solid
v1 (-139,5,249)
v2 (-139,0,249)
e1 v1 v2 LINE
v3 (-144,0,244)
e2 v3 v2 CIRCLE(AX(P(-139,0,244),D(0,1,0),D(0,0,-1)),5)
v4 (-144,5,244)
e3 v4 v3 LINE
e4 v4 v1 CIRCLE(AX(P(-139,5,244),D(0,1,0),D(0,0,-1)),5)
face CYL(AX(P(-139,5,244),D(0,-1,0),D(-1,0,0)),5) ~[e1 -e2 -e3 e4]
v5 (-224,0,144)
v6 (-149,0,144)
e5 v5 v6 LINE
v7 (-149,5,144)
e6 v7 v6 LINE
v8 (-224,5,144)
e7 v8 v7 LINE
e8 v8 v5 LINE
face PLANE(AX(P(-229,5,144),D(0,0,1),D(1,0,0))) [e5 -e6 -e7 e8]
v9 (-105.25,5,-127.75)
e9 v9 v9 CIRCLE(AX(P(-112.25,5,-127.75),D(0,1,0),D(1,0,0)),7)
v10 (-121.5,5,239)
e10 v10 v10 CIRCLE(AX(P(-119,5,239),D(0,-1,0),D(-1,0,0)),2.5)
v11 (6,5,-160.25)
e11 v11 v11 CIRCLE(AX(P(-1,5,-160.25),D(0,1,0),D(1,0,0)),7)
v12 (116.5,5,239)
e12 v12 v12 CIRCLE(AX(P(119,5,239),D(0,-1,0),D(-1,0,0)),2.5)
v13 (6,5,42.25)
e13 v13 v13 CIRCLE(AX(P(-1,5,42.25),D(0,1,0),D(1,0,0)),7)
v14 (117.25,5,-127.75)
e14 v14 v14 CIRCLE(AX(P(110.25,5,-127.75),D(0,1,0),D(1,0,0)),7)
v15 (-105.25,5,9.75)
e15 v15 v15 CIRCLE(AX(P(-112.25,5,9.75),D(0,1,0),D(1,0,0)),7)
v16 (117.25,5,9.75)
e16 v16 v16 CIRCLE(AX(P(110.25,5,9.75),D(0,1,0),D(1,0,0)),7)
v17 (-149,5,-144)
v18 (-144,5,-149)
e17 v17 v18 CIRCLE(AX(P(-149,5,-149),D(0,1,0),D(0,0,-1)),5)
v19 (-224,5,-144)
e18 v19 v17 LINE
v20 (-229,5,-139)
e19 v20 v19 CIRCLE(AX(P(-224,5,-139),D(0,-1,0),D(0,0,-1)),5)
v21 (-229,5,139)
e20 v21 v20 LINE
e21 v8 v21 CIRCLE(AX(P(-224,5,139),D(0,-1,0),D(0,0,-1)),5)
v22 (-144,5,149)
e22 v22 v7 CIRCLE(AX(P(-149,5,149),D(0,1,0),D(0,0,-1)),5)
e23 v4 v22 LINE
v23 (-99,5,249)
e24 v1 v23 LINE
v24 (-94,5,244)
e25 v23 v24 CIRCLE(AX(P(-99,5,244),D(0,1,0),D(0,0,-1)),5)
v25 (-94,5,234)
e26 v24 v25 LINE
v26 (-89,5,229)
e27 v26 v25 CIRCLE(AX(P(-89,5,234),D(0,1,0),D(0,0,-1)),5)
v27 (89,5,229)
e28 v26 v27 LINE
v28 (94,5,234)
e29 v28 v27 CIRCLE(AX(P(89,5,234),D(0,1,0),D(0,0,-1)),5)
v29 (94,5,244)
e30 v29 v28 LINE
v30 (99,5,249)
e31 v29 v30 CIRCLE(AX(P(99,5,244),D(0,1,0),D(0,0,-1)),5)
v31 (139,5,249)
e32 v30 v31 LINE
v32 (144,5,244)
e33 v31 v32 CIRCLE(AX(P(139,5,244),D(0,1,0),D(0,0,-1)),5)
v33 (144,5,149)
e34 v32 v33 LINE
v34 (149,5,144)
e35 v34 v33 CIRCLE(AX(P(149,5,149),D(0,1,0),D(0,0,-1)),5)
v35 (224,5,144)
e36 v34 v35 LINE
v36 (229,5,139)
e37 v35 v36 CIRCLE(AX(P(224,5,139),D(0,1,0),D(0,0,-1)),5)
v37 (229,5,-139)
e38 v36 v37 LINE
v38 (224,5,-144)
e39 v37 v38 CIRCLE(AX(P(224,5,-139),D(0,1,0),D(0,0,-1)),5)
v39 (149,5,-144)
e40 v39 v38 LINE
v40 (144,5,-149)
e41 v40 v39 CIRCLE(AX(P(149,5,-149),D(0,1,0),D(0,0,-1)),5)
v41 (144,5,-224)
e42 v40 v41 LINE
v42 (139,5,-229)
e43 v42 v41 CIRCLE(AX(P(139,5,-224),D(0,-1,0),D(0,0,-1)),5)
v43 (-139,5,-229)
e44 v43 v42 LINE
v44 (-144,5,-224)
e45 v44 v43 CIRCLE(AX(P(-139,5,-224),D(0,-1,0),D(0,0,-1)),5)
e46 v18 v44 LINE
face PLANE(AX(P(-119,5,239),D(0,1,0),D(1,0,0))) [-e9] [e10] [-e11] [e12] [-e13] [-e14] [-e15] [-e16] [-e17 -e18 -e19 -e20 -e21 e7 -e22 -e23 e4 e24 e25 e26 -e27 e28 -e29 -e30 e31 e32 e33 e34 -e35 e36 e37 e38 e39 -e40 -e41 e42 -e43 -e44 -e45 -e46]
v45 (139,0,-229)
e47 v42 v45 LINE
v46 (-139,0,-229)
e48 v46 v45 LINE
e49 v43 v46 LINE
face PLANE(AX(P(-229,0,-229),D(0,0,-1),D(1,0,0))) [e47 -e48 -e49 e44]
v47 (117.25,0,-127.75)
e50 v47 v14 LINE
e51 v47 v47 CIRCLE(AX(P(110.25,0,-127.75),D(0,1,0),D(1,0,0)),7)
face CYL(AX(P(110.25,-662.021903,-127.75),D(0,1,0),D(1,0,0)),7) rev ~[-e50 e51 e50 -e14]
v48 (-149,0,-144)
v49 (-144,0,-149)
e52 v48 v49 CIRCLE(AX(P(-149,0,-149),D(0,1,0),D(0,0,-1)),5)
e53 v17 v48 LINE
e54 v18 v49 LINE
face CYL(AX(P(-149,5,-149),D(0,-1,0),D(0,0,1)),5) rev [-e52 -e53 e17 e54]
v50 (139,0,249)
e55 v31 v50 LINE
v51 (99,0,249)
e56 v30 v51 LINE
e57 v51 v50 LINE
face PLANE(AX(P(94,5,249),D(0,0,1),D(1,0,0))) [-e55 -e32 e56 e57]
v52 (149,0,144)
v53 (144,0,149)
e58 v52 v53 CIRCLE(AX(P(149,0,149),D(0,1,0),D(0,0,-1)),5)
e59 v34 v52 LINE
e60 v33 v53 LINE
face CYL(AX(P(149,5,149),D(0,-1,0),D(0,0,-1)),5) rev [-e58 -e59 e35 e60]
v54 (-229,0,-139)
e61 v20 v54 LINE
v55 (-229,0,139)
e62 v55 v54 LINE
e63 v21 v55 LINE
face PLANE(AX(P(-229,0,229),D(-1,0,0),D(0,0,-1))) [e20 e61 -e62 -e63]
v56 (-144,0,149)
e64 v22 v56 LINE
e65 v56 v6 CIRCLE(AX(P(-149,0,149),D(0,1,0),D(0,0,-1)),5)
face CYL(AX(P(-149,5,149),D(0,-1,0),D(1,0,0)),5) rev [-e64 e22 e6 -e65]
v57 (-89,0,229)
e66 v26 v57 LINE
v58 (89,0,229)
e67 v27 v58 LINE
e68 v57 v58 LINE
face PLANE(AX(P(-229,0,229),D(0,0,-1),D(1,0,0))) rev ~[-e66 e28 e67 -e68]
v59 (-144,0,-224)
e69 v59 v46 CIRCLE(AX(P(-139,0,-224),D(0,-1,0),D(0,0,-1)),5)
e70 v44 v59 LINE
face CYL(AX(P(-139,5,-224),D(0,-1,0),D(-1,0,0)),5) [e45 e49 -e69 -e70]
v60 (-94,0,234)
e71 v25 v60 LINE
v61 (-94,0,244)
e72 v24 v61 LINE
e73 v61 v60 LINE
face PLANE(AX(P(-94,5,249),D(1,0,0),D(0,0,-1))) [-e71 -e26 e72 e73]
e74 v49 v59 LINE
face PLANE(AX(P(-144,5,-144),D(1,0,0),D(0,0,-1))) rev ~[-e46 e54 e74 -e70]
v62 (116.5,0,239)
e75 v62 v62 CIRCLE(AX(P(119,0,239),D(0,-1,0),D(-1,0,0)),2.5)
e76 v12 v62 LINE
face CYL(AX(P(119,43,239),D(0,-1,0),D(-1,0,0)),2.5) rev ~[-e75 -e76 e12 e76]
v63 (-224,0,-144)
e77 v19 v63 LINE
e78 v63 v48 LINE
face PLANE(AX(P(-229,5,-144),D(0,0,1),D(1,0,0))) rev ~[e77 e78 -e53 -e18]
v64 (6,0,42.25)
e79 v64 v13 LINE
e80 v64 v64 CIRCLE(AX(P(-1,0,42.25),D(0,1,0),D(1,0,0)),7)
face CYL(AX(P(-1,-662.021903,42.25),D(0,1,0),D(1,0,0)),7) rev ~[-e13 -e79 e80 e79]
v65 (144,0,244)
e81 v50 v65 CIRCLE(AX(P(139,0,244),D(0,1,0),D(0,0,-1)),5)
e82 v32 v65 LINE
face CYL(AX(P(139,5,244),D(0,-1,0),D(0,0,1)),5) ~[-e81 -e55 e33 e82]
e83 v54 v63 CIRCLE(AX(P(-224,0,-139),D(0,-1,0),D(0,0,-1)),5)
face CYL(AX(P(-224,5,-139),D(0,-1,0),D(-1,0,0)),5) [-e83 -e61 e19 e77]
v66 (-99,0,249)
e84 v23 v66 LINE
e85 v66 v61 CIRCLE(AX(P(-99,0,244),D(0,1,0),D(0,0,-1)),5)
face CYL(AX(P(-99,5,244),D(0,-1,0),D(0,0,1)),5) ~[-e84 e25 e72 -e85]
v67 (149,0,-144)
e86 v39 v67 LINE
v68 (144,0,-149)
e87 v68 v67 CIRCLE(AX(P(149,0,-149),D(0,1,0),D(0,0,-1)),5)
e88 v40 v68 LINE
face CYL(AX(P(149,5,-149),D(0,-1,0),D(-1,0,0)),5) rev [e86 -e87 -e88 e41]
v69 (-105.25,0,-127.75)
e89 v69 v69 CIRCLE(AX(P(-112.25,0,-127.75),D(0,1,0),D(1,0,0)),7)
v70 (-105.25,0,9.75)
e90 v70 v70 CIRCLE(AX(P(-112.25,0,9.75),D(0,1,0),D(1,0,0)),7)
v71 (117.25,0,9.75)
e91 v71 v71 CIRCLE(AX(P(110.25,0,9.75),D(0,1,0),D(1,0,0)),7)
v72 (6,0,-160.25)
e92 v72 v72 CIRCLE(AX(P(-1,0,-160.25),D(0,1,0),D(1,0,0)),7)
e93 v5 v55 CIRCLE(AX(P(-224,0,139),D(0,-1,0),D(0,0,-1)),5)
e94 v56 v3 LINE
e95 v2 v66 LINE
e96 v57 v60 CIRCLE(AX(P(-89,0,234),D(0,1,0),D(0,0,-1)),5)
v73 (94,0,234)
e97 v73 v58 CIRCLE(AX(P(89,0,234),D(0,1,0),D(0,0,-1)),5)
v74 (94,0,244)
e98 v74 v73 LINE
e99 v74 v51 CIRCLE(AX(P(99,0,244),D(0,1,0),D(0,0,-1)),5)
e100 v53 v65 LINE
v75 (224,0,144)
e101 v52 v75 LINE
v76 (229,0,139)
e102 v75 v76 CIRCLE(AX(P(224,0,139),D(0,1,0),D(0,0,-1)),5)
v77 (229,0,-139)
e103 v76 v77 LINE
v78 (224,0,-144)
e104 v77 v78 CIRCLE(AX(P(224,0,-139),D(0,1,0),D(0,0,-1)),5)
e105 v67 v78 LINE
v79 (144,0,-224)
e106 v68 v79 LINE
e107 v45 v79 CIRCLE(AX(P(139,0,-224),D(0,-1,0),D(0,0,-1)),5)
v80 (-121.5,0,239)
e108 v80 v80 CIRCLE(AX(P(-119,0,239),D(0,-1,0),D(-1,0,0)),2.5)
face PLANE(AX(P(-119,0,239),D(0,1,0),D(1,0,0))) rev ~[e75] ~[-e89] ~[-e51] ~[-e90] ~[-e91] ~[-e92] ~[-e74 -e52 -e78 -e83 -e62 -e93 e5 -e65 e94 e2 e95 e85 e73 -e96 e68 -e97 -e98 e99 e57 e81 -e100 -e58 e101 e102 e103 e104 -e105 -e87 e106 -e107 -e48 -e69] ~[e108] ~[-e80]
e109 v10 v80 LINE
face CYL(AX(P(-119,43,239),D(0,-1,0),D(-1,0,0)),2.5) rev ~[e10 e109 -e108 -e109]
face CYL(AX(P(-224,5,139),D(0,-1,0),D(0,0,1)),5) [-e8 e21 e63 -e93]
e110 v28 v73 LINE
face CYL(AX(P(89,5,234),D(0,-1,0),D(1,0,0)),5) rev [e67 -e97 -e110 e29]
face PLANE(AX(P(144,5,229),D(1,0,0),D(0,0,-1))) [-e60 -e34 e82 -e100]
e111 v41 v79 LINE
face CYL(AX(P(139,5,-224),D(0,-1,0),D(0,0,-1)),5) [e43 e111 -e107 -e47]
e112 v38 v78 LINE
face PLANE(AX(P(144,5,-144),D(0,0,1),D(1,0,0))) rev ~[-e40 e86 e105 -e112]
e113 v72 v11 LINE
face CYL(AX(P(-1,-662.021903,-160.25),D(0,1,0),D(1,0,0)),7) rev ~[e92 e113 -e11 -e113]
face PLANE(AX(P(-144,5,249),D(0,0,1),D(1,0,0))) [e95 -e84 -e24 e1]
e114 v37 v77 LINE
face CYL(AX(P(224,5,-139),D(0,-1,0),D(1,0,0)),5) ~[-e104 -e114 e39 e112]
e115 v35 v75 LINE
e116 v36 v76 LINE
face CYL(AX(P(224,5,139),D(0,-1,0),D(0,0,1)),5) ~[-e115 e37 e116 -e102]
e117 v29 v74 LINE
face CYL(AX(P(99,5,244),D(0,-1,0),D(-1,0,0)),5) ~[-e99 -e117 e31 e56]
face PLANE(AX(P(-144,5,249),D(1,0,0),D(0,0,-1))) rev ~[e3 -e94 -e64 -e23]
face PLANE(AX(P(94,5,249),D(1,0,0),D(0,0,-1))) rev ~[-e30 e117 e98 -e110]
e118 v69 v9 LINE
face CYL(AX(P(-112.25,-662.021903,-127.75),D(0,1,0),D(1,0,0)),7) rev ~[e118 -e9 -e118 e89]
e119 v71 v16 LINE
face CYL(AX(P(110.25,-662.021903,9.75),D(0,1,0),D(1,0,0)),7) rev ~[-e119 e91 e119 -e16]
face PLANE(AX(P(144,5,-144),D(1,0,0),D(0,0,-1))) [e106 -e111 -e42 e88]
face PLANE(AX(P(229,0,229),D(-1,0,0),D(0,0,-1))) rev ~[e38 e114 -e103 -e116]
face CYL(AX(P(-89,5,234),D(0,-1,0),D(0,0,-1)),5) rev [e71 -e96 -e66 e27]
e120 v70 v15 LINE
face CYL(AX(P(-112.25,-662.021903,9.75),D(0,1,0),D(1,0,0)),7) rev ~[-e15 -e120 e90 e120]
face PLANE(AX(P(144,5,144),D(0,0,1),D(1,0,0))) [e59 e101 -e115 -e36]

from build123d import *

# Parameters (mm, degrees)
SKETCH1_W                    = 458
SKETCH1_H                    = 458
BOSS_EXTRUDE1_DEPTH          = 5
SKETCH2_W                    = 85
SKETCH2_H                    = 85
CUT_EXTRUDE1_DEPTH           = 324.893501015
SKETCH4_W                    = 50
SKETCH4_H                    = 20
BOSS_EXTRUDE2_DEPTH          = 5
FILLET1_R                    = 5
FILLET2_R                    = 5
F_5_0_5_DIAMETER_HOLE1_D     = 5
F_5_0_5_DIAMETER_HOLE1_DEPTH = 38
F_5_0_5_DIAMETER_HOLE1_TIP   = 1.502151548
F_14_0_14_DIAMETER_HOLE1_D   = 14


with BuildPart() as part:
    # Sketch1 → Boss-Extrude1 (new body)
    with BuildSketch(Plane(origin=(0, 0, 0), x_dir=(1, 0, 0), z_dir=(0, 1, 0))):
        Rectangle(SKETCH1_W, SKETCH1_H)
    extrude(amount=BOSS_EXTRUDE1_DEPTH)

    # Sketch2 → Cut-Extrude1 (cut, through all)
    with BuildSketch(Plane(origin=(0, 5, 0), x_dir=(1, 0, 0), z_dir=(0, 1, 0))):
        with Locations((-186.5, 186.5)):
            Rectangle(SKETCH2_W, SKETCH2_H)
        with Locations((186.5, 186.5)):
            Rectangle(SKETCH2_W, SKETCH2_H)
        with Locations((186.5, -186.5)):
            Rectangle(SKETCH2_W, SKETCH2_H)
        with Locations((-186.5, -186.5)):
            Rectangle(SKETCH2_W, SKETCH2_H)
    extrude(amount=-CUT_EXTRUDE1_DEPTH, mode=Mode.SUBTRACT)

    # Sketch4 → Boss-Extrude2 (add)
    with BuildSketch(Plane(origin=(0, 5, 0), x_dir=(1, 0, 0), z_dir=(0, 1, 0))):
        with Locations((-119, -239)):
            Rectangle(SKETCH4_W, SKETCH4_H)
        with Locations((119, -239)):
            Rectangle(SKETCH4_W, SKETCH4_H)
    extrude(amount=-BOSS_EXTRUDE2_DEPTH)

    # Fillet1
    fillet1_edges = [part.edges().sort_by_distance(p)[0] for p in [
        (-144, 2.5, 144),
        (144, 2.5, 144),
        (144, 2.5, -144),
        (-144, 2.5, -144),
        (-94, 2.5, 229),
        (94, 2.5, 229),
    ]]
    fillet(fillet1_edges, radius=FILLET1_R)

    # Fillet2
    fillet2_edges = [part.edges().sort_by_distance(p)[0] for p in [
        (-229, 2.5, 144),
        (229, 2.5, 144),
        (229, 2.5, -144),
        (144, 2.5, -229),
        (-229, 2.5, -144),
        (-144, 2.5, -229),
        (-144, 2.5, 249),
        (-94, 2.5, 249),
        (144, 2.5, 249),
        (94, 2.5, 249),
    ]]
    fillet(fillet2_edges, radius=FILLET2_R)

    # Ø5.0 (5) Diameter Hole1
    with Locations(Plane(origin=(0, 5, 0), x_dir=(1, 0, 0), z_dir=(0, 1, 0))):
        with Locations((-119, -239), (119, -239)):
            Hole(F_5_0_5_DIAMETER_HOLE1_D / 2, depth=F_5_0_5_DIAMETER_HOLE1_DEPTH)
            with Locations((0, 0, -(F_5_0_5_DIAMETER_HOLE1_DEPTH + F_5_0_5_DIAMETER_HOLE1_TIP / 2))):  # 118° drill point
                Cone(0, F_5_0_5_DIAMETER_HOLE1_D / 2, F_5_0_5_DIAMETER_HOLE1_TIP, mode=Mode.SUBTRACT)

    # Ø14.0 (14) Diameter Hole1 (through all)
    with Locations(Plane(origin=(0, 0, 0), x_dir=(-1, 0, 0), z_dir=(0, -1, 0))):
        with Locations((112.25, 127.75), (112.25, -9.75), (1, 160.25), (-110.25, 127.75), (-110.25, -9.75), (1, -42.25)):
            Hole(F_14_0_14_DIAMETER_HOLE1_D / 2)


solid = part.part
